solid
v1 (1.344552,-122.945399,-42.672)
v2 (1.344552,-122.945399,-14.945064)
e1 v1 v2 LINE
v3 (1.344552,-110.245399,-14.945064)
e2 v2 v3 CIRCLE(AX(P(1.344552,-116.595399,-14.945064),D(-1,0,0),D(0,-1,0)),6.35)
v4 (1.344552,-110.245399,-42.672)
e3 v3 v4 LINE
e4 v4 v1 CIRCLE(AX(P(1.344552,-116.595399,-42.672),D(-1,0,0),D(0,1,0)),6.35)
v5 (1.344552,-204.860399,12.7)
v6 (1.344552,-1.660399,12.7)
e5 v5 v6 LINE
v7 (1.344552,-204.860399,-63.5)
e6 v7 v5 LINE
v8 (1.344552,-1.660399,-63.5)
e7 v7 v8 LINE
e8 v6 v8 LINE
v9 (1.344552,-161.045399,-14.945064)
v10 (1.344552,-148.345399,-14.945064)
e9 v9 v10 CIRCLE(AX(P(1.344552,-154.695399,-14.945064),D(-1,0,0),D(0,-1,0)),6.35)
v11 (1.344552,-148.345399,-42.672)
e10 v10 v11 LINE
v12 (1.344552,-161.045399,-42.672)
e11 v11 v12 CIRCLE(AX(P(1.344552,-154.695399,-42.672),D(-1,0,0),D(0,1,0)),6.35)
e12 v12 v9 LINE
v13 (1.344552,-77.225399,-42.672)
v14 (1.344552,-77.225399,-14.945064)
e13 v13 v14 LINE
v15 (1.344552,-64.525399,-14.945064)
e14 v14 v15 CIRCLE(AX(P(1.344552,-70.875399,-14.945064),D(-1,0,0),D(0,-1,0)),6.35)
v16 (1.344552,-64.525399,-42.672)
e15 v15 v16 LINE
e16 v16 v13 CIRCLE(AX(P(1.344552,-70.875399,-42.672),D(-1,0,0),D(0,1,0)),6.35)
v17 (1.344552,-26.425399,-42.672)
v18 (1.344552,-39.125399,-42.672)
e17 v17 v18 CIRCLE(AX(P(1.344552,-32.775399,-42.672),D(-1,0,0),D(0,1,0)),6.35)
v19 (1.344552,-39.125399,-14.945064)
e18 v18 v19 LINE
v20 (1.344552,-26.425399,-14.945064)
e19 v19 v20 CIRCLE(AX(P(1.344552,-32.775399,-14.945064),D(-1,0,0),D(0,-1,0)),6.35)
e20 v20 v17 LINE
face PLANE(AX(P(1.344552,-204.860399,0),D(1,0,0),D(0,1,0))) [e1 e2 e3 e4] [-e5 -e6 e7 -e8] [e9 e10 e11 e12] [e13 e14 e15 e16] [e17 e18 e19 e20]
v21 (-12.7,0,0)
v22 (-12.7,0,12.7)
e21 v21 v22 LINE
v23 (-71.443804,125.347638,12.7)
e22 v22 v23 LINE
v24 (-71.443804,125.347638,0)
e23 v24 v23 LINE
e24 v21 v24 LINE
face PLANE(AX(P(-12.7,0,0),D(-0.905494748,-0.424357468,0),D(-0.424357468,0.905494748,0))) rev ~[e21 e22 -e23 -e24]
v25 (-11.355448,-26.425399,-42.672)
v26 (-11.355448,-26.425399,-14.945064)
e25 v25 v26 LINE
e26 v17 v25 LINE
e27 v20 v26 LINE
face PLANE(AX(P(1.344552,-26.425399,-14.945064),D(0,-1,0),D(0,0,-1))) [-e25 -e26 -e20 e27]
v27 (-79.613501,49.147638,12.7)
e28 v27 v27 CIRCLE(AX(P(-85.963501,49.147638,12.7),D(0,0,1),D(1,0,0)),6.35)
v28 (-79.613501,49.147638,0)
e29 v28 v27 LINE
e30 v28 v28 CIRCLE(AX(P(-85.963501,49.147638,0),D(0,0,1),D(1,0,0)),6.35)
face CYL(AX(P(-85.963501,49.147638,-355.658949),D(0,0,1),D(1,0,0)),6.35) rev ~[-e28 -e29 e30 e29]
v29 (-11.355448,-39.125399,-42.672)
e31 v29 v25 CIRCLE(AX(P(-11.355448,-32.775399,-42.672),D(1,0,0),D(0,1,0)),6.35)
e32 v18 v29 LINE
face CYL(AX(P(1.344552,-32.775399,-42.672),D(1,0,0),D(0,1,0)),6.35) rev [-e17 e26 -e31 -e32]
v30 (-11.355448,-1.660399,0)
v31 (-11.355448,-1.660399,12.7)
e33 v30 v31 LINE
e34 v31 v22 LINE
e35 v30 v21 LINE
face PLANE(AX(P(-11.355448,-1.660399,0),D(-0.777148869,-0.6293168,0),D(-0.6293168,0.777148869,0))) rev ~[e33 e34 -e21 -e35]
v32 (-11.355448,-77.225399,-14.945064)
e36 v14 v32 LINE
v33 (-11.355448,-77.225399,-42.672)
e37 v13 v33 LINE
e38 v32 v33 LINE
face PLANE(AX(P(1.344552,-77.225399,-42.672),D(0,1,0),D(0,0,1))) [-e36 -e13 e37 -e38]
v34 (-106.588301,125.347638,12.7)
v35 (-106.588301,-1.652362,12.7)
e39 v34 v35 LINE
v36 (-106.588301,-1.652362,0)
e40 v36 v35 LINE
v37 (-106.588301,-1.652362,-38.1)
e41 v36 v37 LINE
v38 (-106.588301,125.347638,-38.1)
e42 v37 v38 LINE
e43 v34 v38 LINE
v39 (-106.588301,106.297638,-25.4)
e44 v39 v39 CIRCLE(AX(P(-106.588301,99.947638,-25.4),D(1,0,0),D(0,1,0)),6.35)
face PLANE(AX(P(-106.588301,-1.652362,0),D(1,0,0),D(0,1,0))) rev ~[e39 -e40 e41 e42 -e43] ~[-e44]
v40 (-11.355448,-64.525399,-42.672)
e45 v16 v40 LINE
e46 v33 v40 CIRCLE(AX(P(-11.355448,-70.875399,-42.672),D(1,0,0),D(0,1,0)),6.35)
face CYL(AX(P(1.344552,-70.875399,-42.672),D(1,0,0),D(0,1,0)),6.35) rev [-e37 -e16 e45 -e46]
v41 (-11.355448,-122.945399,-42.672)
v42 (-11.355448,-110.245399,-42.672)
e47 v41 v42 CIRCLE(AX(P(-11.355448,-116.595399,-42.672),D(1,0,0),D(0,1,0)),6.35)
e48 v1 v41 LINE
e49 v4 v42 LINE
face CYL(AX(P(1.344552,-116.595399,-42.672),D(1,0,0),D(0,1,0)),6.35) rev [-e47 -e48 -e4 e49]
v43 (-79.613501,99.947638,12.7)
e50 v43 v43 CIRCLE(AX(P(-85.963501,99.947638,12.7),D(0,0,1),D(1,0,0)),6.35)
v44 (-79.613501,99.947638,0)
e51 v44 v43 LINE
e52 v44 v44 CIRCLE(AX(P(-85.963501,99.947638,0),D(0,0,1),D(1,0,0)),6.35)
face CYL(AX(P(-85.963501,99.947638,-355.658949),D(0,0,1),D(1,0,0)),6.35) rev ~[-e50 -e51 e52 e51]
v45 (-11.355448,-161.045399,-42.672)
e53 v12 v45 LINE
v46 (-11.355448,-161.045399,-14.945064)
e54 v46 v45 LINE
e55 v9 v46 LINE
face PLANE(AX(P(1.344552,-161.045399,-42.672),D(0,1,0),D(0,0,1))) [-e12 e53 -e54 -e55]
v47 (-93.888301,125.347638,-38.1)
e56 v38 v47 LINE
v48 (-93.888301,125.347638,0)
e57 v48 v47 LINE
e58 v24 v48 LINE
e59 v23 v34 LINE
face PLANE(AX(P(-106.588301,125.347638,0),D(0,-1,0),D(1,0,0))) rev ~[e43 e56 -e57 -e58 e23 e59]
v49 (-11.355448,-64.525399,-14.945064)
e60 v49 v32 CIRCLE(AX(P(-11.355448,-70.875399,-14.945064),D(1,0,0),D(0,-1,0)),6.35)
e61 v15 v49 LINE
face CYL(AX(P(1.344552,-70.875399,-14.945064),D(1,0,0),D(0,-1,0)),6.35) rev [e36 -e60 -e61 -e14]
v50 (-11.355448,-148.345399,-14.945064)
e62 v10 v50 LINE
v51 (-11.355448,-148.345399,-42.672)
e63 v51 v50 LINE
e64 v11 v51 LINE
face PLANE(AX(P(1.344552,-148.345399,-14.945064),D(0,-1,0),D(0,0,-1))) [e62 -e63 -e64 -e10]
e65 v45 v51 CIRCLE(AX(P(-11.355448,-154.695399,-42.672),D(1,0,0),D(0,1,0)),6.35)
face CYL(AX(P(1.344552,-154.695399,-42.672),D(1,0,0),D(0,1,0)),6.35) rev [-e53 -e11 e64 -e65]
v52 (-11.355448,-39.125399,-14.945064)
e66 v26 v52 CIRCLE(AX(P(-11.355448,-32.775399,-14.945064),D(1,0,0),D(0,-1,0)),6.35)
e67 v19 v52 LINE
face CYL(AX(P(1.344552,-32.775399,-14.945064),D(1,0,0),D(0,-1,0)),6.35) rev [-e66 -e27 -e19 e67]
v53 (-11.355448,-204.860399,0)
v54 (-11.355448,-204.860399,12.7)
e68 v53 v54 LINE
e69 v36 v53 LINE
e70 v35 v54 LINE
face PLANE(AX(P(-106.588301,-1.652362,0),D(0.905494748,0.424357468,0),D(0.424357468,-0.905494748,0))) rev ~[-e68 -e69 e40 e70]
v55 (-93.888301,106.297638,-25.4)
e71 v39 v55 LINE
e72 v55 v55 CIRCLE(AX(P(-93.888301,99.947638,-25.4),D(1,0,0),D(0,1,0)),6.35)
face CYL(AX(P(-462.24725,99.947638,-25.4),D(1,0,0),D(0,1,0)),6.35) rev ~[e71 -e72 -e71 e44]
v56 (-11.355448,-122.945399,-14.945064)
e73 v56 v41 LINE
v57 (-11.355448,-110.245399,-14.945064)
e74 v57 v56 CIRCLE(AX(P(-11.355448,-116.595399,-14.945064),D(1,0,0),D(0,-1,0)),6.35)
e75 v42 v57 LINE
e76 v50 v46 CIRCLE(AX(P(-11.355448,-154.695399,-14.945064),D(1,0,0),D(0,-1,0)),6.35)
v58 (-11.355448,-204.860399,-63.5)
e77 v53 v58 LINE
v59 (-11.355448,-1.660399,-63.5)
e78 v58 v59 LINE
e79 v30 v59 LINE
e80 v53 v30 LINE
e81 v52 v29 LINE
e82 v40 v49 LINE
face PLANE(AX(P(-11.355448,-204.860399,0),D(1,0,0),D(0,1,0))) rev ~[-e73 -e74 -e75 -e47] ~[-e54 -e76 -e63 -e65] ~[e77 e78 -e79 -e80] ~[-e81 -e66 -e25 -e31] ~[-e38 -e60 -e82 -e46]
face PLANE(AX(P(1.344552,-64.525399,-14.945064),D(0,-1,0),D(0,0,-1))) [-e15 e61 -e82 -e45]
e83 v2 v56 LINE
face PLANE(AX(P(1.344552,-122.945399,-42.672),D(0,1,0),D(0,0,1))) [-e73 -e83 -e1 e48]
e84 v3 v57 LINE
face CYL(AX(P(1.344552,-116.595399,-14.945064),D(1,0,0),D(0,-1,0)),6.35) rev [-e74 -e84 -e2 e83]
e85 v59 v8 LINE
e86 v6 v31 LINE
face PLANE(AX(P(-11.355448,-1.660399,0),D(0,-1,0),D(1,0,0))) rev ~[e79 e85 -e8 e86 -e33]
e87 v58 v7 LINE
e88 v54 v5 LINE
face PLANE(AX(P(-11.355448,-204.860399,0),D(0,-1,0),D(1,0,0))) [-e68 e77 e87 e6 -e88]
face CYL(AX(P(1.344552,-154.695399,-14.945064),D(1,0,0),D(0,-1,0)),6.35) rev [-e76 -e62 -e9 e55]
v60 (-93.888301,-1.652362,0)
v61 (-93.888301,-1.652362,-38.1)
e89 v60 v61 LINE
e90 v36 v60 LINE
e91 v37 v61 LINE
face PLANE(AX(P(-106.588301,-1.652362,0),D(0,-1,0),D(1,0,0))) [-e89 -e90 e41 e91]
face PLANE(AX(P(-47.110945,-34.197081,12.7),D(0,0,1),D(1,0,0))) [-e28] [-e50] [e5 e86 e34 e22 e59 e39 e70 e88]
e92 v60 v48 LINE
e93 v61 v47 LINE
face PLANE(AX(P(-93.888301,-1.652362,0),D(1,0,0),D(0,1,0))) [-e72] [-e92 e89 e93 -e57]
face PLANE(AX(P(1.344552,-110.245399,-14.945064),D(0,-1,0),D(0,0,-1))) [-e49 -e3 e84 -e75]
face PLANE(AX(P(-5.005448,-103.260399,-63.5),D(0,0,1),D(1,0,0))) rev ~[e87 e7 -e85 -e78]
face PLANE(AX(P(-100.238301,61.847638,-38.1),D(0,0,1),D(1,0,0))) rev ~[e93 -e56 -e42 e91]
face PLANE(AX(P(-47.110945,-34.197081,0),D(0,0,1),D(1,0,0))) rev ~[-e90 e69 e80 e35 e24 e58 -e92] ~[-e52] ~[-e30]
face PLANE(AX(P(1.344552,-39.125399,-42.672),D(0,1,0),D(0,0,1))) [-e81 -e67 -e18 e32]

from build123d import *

# Parameters (mm, degrees)
EXTRUDE1_DEPTH          = 12.7
SKETCH2_W               = 12.7
SKETCH2_H               = 127
EXTRUDE2_DEPTH          = 38.1
SKETCH3_W               = 12.7
SKETCH3_H               = 203.2
EXTRUDE3_DEPTH          = 63.5
F_1_2_20_TAPPED_HOLE1_D = 12.7
F_1_2_20_TAPPED_HOLE2_D = 12.7
CUT_EXTRUDE1_REACH      = 109.933


with BuildPart() as part:
    # Sketch1 → Extrude1 (new body)
    with BuildSketch(Plane.XY):
        Polygon((1.34455174, -204.860398808), (1.34455174, -1.660398808), (-11.35544826, -1.660398808), (-12.7, 0), (-71.443804275, 125.347638028), (-106.588300915, 125.347638028), (-106.588300915, -1.652361972), (-11.35544826, -204.860398808), align=None)
    extrude(amount=EXTRUDE1_DEPTH)

    # Sketch2 → Extrude2 (add)
    with BuildSketch(Plane.XY):
        with Locations((-100.238300915, 61.847638028)):
            Rectangle(SKETCH2_W, SKETCH2_H)
    extrude(amount=-EXTRUDE2_DEPTH)

    # Sketch3 → Extrude3 (add)
    with BuildSketch(Plane.XY):
        with Locations((-5.00544826, -103.260398808)):
            Rectangle(SKETCH3_W, SKETCH3_H)
    extrude(amount=-EXTRUDE3_DEPTH)

    # 1/2-20 Tapped Hole1 (through all)
    with Locations(Plane(origin=(-106.588300915, 99.947638028, -25.4), x_dir=(0, -1, 0), z_dir=(-1, 0, 0))):
        with Locations((0, 0)):
            Hole(F_1_2_20_TAPPED_HOLE1_D / 2)

    # 1/2-20 Tapped Hole2 (through all)
    with Locations(Plane(origin=(-85.963500915, 99.947638028, 0), x_dir=(-1, 0, 0), z_dir=(0, 0, -1))):
        with Locations((0, 0), (0, -50.8)):
            Hole(F_1_2_20_TAPPED_HOLE2_D / 2)

    # Sketch6 → Cut-Extrude1 (cut, up to next)
    with BuildSketch(Plane(origin=(1.34455174, 0, 0), x_dir=(0, 0, -1), z_dir=(1, 0, 0)), mode=Mode.PRIVATE) as cut_extrude1_sk1:
        with BuildLine():
            Line((14.945063582, -26.425398808), (42.672, -26.425398808))
            ThreePointArc((42.672, -26.425398808), (49.022, -32.775398808), (42.672, -39.125398808))
            Line((42.672, -39.125398808), (14.945063582, -39.125398808))
            ThreePointArc((14.945063582, -39.125398808), (8.595063582, -32.775398808), (14.945063582, -26.425398808))
        make_face()
    cut_extrude1_tool1 = extrude(cut_extrude1_sk1.sketch, amount=-CUT_EXTRUDE1_REACH, mode=Mode.PRIVATE) & part.part
    add(cut_extrude1_tool1.solids().sort_by_distance((1.344552, -32.775399, -28.808532))[0], mode=Mode.SUBTRACT)
    # Sketch6 → Cut-Extrude1 (cut, up to next)
    with BuildSketch(Plane(origin=(1.34455174, 0, 0), x_dir=(0, 0, -1), z_dir=(1, 0, 0)), mode=Mode.PRIVATE) as cut_extrude1_sk2:
        with BuildLine():
            Line((14.945063582, -64.525398808), (42.672, -64.525398808))
            ThreePointArc((42.672, -64.525398808), (49.022, -70.875398808), (42.672, -77.225398808))
            Line((42.672, -77.225398808), (14.945063582, -77.225398808))
            ThreePointArc((14.945063582, -77.225398808), (8.595063582, -70.875398808), (14.945063582, -64.525398808))
        make_face()
    cut_extrude1_tool2 = extrude(cut_extrude1_sk2.sketch, amount=-CUT_EXTRUDE1_REACH, mode=Mode.PRIVATE) & part.part
    add(cut_extrude1_tool2.solids().sort_by_distance((1.344552, -70.875399, -28.808532))[0], mode=Mode.SUBTRACT)
    # Sketch6 → Cut-Extrude1 (cut, up to next)
    with BuildSketch(Plane(origin=(1.34455174, 0, 0), x_dir=(0, 0, -1), z_dir=(1, 0, 0)), mode=Mode.PRIVATE) as cut_extrude1_sk3:
        with BuildLine():
            Line((14.945063582, -110.245398808), (42.672, -110.245398808))
            ThreePointArc((42.672, -110.245398808), (49.022, -116.595398808), (42.672, -122.945398808))
            Line((42.672, -122.945398808), (14.945063582, -122.945398808))
            ThreePointArc((14.945063582, -122.945398808), (8.595063582, -116.595398808), (14.945063582, -110.245398808))
        make_face()
    cut_extrude1_tool3 = extrude(cut_extrude1_sk3.sketch, amount=-CUT_EXTRUDE1_REACH, mode=Mode.PRIVATE) & part.part
    add(cut_extrude1_tool3.solids().sort_by_distance((1.344552, -116.595399, -28.808532))[0], mode=Mode.SUBTRACT)
    # Sketch6 → Cut-Extrude1 (cut, up to next)
    with BuildSketch(Plane(origin=(1.34455174, 0, 0), x_dir=(0, 0, -1), z_dir=(1, 0, 0)), mode=Mode.PRIVATE) as cut_extrude1_sk4:
        with BuildLine():
            Line((14.945063582, -148.345398808), (42.672, -148.345398808))
            ThreePointArc((42.672, -148.345398808), (49.022, -154.695398808), (42.672, -161.045398808))
            Line((42.672, -161.045398808), (14.945063582, -161.045398808))
            ThreePointArc((14.945063582, -161.045398808), (8.595063582, -154.695398808), (14.945063582, -148.345398808))
        make_face()
    cut_extrude1_tool4 = extrude(cut_extrude1_sk4.sketch, amount=-CUT_EXTRUDE1_REACH, mode=Mode.PRIVATE) & part.part
    add(cut_extrude1_tool4.solids().sort_by_distance((1.344552, -154.695399, -28.808532))[0], mode=Mode.SUBTRACT)


solid = part.part
